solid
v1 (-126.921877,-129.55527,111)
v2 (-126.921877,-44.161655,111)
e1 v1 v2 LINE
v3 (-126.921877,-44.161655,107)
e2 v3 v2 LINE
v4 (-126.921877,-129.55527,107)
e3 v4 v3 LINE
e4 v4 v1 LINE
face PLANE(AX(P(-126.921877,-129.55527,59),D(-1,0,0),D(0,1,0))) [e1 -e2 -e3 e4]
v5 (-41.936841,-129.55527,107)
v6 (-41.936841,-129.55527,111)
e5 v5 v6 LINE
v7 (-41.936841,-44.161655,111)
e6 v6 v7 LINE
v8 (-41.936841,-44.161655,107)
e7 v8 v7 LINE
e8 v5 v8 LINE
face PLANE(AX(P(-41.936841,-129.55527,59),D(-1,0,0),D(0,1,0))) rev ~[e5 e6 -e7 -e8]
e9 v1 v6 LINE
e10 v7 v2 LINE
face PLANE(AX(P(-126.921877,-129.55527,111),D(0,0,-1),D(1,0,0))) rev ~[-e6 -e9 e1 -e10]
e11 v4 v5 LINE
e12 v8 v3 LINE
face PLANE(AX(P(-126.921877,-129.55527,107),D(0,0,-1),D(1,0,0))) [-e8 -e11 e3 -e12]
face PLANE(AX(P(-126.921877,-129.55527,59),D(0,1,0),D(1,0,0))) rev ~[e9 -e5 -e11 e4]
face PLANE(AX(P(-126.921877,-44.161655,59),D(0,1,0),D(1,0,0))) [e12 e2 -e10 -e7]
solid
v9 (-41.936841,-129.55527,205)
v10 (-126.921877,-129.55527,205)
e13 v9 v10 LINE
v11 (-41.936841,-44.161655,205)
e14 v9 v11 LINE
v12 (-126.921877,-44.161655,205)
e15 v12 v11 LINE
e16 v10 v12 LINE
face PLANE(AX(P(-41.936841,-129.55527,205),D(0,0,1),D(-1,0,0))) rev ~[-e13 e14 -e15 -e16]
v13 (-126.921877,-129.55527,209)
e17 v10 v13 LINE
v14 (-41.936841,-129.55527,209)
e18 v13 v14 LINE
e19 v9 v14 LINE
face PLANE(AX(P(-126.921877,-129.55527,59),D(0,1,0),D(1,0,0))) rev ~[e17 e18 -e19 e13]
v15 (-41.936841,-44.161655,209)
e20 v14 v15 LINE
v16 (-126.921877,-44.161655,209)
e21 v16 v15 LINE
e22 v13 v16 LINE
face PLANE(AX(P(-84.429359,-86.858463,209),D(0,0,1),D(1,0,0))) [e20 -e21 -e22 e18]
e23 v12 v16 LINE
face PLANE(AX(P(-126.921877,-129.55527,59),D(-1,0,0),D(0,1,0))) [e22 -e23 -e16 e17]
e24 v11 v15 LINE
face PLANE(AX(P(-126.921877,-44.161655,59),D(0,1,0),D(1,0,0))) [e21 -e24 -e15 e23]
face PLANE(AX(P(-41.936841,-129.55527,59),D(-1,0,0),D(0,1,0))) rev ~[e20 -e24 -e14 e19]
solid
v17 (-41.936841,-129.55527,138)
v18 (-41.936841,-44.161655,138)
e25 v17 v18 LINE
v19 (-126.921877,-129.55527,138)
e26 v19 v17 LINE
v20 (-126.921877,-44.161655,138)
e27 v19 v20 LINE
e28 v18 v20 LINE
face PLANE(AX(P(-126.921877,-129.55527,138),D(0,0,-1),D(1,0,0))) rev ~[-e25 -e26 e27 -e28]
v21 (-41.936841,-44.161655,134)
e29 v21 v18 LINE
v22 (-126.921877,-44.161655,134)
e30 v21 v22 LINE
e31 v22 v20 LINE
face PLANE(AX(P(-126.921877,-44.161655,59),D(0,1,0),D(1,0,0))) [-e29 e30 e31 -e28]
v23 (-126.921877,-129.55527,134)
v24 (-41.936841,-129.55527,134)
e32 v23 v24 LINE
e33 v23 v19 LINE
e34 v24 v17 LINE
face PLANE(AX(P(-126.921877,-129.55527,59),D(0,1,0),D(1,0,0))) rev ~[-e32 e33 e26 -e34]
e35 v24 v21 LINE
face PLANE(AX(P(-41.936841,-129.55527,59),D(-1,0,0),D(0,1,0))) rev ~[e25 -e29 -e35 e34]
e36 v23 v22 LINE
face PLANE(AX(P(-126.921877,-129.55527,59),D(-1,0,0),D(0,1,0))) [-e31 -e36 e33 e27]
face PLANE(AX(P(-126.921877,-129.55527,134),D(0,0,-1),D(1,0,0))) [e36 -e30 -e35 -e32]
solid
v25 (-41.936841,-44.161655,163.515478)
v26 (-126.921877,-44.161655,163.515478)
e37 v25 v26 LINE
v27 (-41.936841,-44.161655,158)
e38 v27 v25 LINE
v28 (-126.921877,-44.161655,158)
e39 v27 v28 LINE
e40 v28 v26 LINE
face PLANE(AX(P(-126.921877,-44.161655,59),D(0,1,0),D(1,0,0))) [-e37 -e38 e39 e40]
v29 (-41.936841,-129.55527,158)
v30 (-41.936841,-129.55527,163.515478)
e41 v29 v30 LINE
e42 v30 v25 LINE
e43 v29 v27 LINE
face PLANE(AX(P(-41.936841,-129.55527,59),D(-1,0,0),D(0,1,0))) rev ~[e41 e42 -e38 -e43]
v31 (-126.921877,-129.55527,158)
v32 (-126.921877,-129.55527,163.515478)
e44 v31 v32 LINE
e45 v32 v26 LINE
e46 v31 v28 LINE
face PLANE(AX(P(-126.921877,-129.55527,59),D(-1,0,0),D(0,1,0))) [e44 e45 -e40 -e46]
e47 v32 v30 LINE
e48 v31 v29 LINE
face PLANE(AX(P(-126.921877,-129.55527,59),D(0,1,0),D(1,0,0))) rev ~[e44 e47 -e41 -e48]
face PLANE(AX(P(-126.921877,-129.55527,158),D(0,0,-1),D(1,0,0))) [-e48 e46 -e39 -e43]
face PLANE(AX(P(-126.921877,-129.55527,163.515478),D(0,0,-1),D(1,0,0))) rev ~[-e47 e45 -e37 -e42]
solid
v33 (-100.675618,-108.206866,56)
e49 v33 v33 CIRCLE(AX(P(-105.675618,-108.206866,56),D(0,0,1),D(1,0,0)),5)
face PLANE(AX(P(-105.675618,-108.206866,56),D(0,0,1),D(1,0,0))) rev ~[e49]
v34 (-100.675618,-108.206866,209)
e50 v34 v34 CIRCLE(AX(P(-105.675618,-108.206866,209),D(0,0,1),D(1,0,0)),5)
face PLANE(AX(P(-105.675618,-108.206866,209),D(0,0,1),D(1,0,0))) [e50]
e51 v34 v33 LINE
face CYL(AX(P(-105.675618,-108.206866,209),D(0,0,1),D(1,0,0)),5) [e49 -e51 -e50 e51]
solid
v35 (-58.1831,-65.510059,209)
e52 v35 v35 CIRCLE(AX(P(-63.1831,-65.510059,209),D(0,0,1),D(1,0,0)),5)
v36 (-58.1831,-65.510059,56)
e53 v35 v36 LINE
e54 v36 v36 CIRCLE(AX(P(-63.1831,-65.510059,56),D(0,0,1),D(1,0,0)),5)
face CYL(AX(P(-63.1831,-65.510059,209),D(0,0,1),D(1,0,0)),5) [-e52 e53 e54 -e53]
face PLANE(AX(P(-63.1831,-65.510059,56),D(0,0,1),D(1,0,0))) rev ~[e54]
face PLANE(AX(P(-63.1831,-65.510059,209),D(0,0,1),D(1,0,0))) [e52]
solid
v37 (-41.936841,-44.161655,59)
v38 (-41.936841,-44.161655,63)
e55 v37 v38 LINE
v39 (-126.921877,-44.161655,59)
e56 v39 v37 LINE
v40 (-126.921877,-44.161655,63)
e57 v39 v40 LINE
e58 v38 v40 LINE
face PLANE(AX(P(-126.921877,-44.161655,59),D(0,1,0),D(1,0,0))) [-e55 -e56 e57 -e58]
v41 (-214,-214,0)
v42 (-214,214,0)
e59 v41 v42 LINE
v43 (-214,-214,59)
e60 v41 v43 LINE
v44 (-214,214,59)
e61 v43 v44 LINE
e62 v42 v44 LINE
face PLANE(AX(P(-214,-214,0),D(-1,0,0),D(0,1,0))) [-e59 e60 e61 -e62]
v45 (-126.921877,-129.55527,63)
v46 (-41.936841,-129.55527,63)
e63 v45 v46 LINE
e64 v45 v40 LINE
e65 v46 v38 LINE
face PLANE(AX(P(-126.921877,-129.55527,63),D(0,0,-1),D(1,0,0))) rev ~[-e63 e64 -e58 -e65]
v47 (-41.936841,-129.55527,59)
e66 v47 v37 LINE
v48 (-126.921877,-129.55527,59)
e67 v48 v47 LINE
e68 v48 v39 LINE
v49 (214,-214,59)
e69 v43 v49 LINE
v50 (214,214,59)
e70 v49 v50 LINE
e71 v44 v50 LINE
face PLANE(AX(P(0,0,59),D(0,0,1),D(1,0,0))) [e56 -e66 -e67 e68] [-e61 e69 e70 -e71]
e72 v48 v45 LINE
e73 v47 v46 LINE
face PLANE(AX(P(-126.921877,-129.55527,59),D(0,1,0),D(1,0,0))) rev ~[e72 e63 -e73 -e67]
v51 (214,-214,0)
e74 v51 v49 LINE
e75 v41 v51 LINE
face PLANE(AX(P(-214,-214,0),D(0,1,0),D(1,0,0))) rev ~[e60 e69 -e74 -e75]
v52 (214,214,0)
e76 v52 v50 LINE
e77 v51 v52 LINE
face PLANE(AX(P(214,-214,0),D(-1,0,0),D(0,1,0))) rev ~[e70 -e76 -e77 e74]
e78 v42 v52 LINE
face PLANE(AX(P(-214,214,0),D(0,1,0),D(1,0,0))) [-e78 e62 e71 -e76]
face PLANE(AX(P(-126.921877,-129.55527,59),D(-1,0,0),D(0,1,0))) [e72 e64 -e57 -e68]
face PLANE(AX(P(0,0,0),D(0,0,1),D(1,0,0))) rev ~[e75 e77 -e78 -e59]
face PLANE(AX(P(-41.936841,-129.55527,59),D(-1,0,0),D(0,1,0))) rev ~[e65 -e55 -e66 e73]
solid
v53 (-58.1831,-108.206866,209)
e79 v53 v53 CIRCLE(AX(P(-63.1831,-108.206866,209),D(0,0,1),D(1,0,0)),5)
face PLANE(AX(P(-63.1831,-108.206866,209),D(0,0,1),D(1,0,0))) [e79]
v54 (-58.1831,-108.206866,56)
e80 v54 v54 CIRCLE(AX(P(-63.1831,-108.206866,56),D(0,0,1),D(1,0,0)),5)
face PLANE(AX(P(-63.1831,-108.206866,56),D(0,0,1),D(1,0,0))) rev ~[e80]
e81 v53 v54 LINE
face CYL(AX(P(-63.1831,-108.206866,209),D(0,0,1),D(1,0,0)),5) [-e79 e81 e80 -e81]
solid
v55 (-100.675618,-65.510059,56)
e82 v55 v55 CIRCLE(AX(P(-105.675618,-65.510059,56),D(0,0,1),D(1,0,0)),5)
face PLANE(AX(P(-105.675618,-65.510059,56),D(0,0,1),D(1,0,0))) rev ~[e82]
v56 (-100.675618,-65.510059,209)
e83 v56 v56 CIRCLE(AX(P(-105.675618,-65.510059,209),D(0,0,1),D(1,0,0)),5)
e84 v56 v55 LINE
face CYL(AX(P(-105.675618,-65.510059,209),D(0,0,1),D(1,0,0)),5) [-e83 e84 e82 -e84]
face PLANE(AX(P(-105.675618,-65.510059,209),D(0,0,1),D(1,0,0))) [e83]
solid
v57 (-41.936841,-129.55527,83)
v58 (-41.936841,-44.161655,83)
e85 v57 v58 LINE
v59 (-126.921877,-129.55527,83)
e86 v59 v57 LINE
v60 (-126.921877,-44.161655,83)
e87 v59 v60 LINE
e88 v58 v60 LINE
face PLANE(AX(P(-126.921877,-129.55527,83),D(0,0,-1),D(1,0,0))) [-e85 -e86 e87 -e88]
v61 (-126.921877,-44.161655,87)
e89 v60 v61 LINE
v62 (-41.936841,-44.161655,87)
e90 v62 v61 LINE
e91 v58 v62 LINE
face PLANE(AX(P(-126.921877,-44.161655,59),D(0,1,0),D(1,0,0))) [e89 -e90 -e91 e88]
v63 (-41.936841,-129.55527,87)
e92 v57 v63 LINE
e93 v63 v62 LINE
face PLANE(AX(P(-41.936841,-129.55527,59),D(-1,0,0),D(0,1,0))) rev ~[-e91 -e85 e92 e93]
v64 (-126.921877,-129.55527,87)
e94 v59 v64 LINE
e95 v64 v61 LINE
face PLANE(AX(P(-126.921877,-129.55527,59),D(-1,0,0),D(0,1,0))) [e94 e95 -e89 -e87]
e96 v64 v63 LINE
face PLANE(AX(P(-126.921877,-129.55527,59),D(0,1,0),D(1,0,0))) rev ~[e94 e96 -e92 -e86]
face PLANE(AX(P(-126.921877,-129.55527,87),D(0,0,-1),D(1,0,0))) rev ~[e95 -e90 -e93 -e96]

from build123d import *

# Parameters (mm, degrees)
F0_W     = 428
F0_H     = 428
F1_DEPTH = 59
F2_W     = 84.9850364029
F2_H     = 85.393615067
F3_DEPTH = 150
F5_W     = 84.9850364029
F5_H     = 20
F5_H_2   = 23
F6_DEPTH = 100
F4_R     = 5
F7_DEPTH = 153


with BuildPart() as f1:
    # F0 (on Top) → F1 (new body)
    with BuildSketch(Plane.XY):
        Rectangle(F0_W, F0_H)
    extrude(amount=F1_DEPTH)

    # F2 (on face) → F3 (join)
    with BuildSketch(Plane.XY.offset(59)):
        with Locations((-84.4293590635, -86.8584625423)):
            Rectangle(F2_W, F2_H)
    extrude(amount=F3_DEPTH)

    # F5 (on face) → F6 (cut)
    with BuildSketch(Plane.XZ.offset(129.5552700758)):
        with Locations((-84.4293590635, 73)):
            Rectangle(F5_W, F5_H)
        with Locations((-84.4293590635, 97)):
            Rectangle(F5_W, F5_H)
        with Locations((-84.4293590635, 122.5)):
            Rectangle(F5_W, F5_H_2)
        with Locations((-84.4293590635, 148)):
            Rectangle(F5_W, F5_H)
        Polygon((-126.921877265, 205), (-126.921877265, 163.5154783726), (-124.7830837965, 163.5154783726), (-41.936840862, 163.5154783726), (-41.936840862, 205), align=None)
    extrude(amount=-F6_DEPTH, mode=Mode.SUBTRACT)


with BuildPart() as f7:
    # F4 (on face) → F7 (new body)
    with BuildSketch(Plane.XY.offset(209)):
        with Locations((-105.6756181642, -65.5100587755)):
            Circle(F4_R)
    extrude(amount=-F7_DEPTH)


with BuildPart() as f7b:
    # F4 (on face) → F7, piece 2 (new body)
    with BuildSketch(Plane.XY.offset(209)):
        with Locations((-105.6756181642, -108.206866309)):
            Circle(F4_R)
    extrude(amount=-F7_DEPTH)


with BuildPart() as f7c:
    # F4 (on face) → F7, piece 3 (new body)
    with BuildSketch(Plane.XY.offset(209)):
        with Locations((-63.1830999628, -108.206866309)):
            Circle(F4_R)
    extrude(amount=-F7_DEPTH)


with BuildPart() as f7d:
    # F4 (on face) → F7, piece 4 (new body)
    with BuildSketch(Plane.XY.offset(209)):
        with Locations((-63.1830999628, -65.5100587755)):
            Circle(F4_R)
    extrude(amount=-F7_DEPTH)


solid = Compound([f1.part, f7.part, f7b.part, f7c.part, f7d.part])
